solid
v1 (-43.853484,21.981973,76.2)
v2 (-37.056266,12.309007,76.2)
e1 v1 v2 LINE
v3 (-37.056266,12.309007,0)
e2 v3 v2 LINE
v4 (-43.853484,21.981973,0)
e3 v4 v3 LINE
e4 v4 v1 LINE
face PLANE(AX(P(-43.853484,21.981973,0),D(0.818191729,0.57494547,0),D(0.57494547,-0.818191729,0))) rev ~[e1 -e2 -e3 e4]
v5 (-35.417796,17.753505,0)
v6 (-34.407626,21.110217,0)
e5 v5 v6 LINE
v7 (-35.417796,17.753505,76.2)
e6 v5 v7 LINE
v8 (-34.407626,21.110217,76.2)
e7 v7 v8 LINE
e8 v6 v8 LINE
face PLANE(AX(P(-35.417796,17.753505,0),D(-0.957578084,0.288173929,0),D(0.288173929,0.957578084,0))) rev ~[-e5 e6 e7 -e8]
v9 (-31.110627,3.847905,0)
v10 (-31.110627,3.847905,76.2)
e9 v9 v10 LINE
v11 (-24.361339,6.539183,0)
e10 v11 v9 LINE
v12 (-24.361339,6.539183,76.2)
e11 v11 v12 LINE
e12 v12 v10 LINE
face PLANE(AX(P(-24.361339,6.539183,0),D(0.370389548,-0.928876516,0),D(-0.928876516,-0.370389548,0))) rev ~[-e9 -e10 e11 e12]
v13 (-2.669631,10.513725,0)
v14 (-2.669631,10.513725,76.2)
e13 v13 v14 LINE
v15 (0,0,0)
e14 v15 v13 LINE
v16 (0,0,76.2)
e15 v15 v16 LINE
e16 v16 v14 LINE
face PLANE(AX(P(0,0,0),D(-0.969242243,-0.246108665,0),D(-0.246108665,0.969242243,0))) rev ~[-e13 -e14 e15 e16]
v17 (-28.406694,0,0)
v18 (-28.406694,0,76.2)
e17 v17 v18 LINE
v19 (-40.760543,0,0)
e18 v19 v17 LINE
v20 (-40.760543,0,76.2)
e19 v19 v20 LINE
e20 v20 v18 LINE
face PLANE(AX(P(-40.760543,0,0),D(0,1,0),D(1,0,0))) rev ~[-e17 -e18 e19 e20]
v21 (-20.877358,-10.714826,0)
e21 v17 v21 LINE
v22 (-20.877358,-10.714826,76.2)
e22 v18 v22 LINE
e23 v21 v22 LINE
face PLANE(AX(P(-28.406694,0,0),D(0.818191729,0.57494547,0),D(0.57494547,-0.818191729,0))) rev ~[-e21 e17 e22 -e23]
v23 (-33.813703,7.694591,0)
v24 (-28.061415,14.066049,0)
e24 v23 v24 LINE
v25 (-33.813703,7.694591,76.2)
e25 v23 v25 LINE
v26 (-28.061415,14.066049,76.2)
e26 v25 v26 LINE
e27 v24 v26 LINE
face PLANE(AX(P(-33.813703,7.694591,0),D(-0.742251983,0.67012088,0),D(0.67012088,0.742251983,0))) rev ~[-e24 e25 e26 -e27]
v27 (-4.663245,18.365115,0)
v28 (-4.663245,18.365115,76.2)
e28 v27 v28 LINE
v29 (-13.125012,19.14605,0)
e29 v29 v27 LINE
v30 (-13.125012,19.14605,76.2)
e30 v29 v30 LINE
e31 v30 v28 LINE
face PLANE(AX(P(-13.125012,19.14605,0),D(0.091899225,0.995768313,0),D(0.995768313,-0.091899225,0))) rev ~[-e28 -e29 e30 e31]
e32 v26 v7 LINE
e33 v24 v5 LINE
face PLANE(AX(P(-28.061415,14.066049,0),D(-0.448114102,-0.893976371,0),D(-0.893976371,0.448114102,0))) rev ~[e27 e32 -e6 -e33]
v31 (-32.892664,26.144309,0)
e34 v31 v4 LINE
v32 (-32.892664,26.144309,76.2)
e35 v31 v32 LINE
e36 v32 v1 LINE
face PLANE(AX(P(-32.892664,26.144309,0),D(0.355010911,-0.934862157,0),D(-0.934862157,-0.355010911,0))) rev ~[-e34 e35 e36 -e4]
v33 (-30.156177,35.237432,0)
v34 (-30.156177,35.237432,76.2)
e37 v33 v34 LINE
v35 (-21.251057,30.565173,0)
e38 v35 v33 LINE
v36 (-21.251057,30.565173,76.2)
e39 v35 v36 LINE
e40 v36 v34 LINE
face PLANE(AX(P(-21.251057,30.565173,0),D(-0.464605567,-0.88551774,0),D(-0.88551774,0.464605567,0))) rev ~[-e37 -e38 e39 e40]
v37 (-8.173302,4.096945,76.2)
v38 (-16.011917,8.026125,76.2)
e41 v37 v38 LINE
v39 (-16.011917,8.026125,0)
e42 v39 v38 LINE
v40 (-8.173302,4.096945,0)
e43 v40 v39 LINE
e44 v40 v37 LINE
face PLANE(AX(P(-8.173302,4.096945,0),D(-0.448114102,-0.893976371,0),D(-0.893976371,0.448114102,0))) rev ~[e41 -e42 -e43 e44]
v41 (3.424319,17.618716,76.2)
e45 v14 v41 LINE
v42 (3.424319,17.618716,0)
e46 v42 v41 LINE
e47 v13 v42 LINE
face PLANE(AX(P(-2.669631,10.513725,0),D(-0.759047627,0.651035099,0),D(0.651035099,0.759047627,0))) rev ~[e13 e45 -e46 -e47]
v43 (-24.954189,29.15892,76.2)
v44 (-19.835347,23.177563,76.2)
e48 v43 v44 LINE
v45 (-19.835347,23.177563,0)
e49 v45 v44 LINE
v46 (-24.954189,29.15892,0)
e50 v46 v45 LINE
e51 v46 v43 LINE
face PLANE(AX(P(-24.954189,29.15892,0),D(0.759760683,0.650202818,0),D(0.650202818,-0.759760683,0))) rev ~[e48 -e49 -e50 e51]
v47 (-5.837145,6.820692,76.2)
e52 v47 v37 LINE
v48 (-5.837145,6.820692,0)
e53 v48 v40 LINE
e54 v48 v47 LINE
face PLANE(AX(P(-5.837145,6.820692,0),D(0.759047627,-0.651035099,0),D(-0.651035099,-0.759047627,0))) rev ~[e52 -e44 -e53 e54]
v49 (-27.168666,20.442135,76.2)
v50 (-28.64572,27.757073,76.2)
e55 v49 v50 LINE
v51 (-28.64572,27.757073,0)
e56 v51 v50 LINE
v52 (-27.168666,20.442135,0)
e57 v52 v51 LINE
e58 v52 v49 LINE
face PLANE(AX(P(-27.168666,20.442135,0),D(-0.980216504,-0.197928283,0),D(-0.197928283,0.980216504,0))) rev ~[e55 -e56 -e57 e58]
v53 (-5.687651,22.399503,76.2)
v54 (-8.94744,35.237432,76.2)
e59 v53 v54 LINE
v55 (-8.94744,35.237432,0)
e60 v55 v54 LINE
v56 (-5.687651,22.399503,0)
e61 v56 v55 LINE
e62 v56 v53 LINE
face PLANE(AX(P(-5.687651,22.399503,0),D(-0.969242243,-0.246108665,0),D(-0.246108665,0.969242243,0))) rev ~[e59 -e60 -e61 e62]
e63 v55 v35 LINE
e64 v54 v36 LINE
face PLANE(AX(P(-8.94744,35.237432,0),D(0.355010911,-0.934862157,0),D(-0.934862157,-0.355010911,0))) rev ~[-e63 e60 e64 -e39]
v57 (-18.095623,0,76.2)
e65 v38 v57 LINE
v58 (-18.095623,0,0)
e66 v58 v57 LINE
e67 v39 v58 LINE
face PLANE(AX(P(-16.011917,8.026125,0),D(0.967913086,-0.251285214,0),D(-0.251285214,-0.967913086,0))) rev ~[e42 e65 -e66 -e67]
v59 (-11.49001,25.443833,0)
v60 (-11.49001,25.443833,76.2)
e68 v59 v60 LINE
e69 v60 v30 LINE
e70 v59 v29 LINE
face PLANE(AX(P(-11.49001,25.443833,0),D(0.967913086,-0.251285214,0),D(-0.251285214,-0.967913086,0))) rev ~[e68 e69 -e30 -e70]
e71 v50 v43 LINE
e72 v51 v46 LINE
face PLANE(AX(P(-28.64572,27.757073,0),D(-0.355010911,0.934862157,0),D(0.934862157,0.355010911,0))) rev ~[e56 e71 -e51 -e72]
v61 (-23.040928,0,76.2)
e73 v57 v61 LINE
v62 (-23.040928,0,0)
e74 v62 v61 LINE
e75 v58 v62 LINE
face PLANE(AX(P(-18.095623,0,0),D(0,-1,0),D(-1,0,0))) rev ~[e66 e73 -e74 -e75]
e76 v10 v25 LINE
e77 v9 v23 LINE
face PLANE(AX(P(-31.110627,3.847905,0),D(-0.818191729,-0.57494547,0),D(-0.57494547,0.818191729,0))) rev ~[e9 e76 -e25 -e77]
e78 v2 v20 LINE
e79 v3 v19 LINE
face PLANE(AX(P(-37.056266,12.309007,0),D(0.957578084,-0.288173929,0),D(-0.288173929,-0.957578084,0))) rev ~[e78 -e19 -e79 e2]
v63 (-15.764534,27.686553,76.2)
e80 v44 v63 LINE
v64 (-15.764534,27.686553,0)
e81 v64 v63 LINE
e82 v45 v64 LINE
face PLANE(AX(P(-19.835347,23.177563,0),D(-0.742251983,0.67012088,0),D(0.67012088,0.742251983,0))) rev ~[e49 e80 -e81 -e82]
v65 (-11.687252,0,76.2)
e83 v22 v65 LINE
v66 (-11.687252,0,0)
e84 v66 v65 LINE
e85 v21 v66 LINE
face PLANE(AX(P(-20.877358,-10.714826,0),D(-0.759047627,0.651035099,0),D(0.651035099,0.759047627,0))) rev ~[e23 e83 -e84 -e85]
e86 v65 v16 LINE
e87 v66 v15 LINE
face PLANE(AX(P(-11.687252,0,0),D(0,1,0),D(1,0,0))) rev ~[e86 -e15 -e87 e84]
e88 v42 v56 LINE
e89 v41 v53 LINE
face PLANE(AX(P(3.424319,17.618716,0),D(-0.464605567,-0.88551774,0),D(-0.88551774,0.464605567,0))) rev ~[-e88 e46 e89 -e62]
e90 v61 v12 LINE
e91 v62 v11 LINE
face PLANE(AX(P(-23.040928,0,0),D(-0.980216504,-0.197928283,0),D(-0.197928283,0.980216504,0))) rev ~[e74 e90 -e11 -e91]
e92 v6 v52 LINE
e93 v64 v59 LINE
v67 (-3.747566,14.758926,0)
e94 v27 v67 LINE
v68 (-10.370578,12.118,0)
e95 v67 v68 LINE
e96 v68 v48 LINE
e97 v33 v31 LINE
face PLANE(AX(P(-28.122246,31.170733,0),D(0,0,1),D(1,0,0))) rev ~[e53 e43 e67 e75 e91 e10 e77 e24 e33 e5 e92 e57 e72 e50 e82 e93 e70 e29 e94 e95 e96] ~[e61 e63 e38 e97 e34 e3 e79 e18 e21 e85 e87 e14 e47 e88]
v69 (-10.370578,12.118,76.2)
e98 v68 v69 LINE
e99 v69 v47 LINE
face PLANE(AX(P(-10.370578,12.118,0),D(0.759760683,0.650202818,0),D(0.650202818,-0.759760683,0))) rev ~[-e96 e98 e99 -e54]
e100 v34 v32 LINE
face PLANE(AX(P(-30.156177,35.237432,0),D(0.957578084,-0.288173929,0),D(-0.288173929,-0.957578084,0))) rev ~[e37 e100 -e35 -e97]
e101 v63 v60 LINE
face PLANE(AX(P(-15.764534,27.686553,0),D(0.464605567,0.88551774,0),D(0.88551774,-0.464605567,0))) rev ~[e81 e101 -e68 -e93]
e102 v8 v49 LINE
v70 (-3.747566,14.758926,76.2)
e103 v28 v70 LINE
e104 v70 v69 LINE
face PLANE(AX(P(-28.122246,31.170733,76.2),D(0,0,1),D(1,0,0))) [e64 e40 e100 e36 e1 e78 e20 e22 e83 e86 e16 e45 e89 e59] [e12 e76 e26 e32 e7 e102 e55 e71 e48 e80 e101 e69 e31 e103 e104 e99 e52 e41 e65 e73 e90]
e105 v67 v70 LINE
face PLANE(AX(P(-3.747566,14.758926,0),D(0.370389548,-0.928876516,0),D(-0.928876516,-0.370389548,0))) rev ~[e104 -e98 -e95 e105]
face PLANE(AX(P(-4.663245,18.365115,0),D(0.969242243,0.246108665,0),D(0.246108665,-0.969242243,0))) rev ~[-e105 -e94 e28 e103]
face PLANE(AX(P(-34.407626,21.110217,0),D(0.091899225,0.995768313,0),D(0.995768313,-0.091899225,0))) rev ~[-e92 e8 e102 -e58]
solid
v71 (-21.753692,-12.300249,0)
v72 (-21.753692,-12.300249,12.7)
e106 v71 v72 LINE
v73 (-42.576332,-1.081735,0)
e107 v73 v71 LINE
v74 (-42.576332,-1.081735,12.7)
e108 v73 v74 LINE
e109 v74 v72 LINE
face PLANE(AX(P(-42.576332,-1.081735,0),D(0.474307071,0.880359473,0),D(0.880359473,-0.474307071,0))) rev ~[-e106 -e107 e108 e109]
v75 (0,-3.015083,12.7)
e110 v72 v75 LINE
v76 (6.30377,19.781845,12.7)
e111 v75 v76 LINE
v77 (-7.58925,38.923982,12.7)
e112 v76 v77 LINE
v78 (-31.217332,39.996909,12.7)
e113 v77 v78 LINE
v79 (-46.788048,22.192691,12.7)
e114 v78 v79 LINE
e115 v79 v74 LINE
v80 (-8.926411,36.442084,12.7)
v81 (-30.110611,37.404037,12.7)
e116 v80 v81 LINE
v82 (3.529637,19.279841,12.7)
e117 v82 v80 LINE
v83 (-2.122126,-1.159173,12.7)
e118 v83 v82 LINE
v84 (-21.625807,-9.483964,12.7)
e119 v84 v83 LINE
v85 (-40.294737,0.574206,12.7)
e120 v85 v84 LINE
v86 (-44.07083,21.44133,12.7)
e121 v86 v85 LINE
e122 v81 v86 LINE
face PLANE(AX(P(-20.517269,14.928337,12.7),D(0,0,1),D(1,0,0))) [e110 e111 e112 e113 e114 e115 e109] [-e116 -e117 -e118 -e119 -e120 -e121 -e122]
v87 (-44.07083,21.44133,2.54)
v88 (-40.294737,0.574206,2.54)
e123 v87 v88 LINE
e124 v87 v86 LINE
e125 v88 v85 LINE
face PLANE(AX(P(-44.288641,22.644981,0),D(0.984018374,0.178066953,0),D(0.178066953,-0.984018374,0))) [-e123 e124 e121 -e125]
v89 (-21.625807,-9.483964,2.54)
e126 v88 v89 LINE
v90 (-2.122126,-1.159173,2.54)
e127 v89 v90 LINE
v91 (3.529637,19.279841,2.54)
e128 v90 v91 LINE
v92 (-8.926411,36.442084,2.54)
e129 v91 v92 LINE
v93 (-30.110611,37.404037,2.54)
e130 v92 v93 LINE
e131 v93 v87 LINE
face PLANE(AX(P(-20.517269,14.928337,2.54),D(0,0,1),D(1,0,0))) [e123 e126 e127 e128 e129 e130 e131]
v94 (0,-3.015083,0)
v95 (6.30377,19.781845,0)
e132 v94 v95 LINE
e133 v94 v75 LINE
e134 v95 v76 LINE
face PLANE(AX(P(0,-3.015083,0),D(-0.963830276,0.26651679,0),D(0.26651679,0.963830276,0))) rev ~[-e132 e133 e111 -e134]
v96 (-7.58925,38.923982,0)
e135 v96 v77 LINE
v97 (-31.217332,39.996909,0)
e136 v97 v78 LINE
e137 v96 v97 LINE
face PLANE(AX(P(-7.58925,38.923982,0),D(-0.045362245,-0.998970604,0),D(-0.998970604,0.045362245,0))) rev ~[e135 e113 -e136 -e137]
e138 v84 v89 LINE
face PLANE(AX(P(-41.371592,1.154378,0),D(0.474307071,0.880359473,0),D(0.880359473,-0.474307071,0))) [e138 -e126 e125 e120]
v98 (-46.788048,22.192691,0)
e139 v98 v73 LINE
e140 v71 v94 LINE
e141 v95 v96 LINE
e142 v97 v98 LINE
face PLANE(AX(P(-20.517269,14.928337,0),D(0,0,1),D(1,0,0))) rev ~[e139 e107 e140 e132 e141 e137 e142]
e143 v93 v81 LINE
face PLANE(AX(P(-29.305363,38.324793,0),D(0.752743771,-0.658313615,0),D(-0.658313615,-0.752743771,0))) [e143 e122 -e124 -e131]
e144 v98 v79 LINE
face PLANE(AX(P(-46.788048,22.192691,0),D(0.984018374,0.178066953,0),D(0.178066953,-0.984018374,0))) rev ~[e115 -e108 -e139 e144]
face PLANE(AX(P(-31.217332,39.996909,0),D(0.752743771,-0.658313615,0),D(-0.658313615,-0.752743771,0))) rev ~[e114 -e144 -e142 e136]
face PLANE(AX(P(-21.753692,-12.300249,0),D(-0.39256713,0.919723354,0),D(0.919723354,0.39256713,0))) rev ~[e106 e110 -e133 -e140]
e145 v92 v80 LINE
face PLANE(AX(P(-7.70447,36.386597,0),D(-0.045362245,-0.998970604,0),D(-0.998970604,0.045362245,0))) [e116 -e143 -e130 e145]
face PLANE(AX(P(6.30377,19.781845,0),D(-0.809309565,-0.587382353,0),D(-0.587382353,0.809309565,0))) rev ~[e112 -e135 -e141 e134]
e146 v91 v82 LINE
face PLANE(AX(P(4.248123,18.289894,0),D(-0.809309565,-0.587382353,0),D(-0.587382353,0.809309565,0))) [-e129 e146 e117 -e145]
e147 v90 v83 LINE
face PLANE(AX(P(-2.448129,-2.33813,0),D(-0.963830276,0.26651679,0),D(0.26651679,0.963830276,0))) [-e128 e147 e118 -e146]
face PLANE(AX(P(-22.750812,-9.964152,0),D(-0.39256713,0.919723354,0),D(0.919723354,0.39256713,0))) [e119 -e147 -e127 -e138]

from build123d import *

# Parameters (mm, degrees)
F1_DEPTH = 12.7
F2_T     = -2.54
F4_DEPTH = 76.2


with BuildPart() as f1:
    # F0 (on Top) → F1 (new body)
    with BuildSketch(Plane.XY):
        Polygon((-21.7536917176, -12.3002491378), (0, -3.0150827952), (6.3037695721, 19.7818447728), (-7.5892500626, 38.9239821348), (-31.2173317532, 39.9969094289), (-46.7880480617, 22.1926905188), (-42.576332023, -1.0817346162), align=None)
    extrude(amount=F1_DEPTH)

    # F2
    f2_openings = [f1.faces().sort_by_distance(p)[0] for p in [
        (-20.517269, 14.928337, 12.7),
    ]]
    offset(amount=F2_T, openings=f2_openings)


with BuildPart() as f4:
    # F3 (on Top) → F4 (new body)
    with BuildSketch(Plane.XY):
        Polygon((-24.9541892799, 29.1589198967), (-30.1561765373, 35.2374315262), (-28.6457198947, 27.7570729649), align=None)
        Polygon((-28.6457198947, 27.7570729649), (-30.1561765373, 35.2374315262), (-32.8926643221, 26.1443094161), align=None)
        Polygon((-21.2510568463, 30.5651725821), (-30.1561765373, 35.2374315262), (-24.9541892799, 29.1589198967), align=None)
        Polygon((-27.168665519, 20.4421351944), (-28.6457198947, 27.7570729649), (-32.8926643221, 26.1443094161), (-34.4076260453, 21.1102171695), align=None)
        Polygon((-15.7645343665, 27.6865527973), (-21.2510568463, 30.5651725821), (-24.9541892799, 29.1589198967), (-19.8353466439, 23.1775625898), align=None)
        Polygon((-8.9474404231, 35.2374315262), (-21.2510568463, 30.5651725821), (-15.7645343665, 27.6865527973), align=None)
        Polygon((-34.4076260453, 21.1102171695), (-32.8926643221, 26.1443094161), (-43.8534840941, 21.981973201), align=None)
        Polygon((-11.4900100358, 25.4438334146), (-8.9474404231, 35.2374315262), (-15.7645343665, 27.6865527973), align=None)
        Polygon((-5.6876512873, 22.3995034673), (-8.9474404231, 35.2374315262), (-11.4900100358, 25.4438334146), align=None)
        Polygon((-35.4177963356, 17.7535050172), (-43.8534840941, 21.981973201), (-37.0562656404, 12.3090073128), align=None)
        Polygon((-34.4076260453, 21.1102171695), (-43.8534840941, 21.981973201), (-35.4177963356, 17.7535050172), align=None)
        Polygon((3.4243194386, 17.6187157631), (-5.6876512873, 22.3995034673), (-4.6632449329, 18.3651151887), align=None)
        Polygon((-4.6632449329, 18.3651151887), (-5.6876512873, 22.3995034673), (-11.4900100358, 25.4438334146), (-13.1250121364, 19.1460497061), align=None)
        Polygon((-35.4177963356, 17.7535050172), (-37.0562656404, 12.3090073128), (-33.8137030162, 7.6945907145), (-28.0614147249, 14.0660492366), align=None)
        Polygon((-33.8137030162, 7.6945907145), (-37.0562656404, 12.3090073128), (-40.7605431974, 0), align=None)
        Polygon((3.4243194386, 17.6187157631), (-4.6632449329, 18.3651151887), (-3.7475663134, 14.7589260294), align=None)
        Polygon((-2.6696306706, 10.513724988), (3.4243194386, 17.6187157631), (-3.7475663134, 14.7589260294), align=None)
        Polygon((-31.1106266284, 3.8479046222), (-33.8137030162, 7.6945907145), (-40.7605431974, 0), align=None)
        Polygon((-31.1106266284, 3.8479046222), (-40.7605431974, 0), (-28.4066939765, 0), align=None)
        Polygon((-23.0409277054, 0), (-24.3613393683, 6.5391831901), (-31.1106266284, 3.8479046222), (-28.4066939765, 0), align=None)
        Polygon((-2.6696306706, 10.513724988), (-3.7475663134, 14.7589260294), (-10.3705782251, 12.1179997618), (-5.8371448342, 6.8206919783), align=None)
        Polygon((0, 0), (-2.6696306706, 10.513724988), (-5.8371448342, 6.8206919783), align=None)
        Polygon((-23.0409277054, 0), (-28.4066939765, 0), (-20.8773575723, -10.7148261741), align=None)
        Polygon((-18.0956228998, 0), (-23.0409277054, 0), (-20.8773575723, -10.7148261741), align=None)
        Polygon((-8.1733023974, 4.0969450427), (-16.0119167724, 8.0261245522), (-18.0956228998, 0), (-11.6872518846, 0), align=None)
        Polygon((-11.6872518846, 0), (0, 0), (-8.1733023974, 4.0969450427), align=None)
        Polygon((-8.1733023974, 4.0969450427), (0, 0), (-5.8371448342, 6.8206919783), align=None)
        Polygon((-18.0956228998, 0), (-20.8773575723, -10.7148261741), (-11.6872518846, 0), align=None)
    extrude(amount=F4_DEPTH)


solid = Compound([f1.part, f4.part])
